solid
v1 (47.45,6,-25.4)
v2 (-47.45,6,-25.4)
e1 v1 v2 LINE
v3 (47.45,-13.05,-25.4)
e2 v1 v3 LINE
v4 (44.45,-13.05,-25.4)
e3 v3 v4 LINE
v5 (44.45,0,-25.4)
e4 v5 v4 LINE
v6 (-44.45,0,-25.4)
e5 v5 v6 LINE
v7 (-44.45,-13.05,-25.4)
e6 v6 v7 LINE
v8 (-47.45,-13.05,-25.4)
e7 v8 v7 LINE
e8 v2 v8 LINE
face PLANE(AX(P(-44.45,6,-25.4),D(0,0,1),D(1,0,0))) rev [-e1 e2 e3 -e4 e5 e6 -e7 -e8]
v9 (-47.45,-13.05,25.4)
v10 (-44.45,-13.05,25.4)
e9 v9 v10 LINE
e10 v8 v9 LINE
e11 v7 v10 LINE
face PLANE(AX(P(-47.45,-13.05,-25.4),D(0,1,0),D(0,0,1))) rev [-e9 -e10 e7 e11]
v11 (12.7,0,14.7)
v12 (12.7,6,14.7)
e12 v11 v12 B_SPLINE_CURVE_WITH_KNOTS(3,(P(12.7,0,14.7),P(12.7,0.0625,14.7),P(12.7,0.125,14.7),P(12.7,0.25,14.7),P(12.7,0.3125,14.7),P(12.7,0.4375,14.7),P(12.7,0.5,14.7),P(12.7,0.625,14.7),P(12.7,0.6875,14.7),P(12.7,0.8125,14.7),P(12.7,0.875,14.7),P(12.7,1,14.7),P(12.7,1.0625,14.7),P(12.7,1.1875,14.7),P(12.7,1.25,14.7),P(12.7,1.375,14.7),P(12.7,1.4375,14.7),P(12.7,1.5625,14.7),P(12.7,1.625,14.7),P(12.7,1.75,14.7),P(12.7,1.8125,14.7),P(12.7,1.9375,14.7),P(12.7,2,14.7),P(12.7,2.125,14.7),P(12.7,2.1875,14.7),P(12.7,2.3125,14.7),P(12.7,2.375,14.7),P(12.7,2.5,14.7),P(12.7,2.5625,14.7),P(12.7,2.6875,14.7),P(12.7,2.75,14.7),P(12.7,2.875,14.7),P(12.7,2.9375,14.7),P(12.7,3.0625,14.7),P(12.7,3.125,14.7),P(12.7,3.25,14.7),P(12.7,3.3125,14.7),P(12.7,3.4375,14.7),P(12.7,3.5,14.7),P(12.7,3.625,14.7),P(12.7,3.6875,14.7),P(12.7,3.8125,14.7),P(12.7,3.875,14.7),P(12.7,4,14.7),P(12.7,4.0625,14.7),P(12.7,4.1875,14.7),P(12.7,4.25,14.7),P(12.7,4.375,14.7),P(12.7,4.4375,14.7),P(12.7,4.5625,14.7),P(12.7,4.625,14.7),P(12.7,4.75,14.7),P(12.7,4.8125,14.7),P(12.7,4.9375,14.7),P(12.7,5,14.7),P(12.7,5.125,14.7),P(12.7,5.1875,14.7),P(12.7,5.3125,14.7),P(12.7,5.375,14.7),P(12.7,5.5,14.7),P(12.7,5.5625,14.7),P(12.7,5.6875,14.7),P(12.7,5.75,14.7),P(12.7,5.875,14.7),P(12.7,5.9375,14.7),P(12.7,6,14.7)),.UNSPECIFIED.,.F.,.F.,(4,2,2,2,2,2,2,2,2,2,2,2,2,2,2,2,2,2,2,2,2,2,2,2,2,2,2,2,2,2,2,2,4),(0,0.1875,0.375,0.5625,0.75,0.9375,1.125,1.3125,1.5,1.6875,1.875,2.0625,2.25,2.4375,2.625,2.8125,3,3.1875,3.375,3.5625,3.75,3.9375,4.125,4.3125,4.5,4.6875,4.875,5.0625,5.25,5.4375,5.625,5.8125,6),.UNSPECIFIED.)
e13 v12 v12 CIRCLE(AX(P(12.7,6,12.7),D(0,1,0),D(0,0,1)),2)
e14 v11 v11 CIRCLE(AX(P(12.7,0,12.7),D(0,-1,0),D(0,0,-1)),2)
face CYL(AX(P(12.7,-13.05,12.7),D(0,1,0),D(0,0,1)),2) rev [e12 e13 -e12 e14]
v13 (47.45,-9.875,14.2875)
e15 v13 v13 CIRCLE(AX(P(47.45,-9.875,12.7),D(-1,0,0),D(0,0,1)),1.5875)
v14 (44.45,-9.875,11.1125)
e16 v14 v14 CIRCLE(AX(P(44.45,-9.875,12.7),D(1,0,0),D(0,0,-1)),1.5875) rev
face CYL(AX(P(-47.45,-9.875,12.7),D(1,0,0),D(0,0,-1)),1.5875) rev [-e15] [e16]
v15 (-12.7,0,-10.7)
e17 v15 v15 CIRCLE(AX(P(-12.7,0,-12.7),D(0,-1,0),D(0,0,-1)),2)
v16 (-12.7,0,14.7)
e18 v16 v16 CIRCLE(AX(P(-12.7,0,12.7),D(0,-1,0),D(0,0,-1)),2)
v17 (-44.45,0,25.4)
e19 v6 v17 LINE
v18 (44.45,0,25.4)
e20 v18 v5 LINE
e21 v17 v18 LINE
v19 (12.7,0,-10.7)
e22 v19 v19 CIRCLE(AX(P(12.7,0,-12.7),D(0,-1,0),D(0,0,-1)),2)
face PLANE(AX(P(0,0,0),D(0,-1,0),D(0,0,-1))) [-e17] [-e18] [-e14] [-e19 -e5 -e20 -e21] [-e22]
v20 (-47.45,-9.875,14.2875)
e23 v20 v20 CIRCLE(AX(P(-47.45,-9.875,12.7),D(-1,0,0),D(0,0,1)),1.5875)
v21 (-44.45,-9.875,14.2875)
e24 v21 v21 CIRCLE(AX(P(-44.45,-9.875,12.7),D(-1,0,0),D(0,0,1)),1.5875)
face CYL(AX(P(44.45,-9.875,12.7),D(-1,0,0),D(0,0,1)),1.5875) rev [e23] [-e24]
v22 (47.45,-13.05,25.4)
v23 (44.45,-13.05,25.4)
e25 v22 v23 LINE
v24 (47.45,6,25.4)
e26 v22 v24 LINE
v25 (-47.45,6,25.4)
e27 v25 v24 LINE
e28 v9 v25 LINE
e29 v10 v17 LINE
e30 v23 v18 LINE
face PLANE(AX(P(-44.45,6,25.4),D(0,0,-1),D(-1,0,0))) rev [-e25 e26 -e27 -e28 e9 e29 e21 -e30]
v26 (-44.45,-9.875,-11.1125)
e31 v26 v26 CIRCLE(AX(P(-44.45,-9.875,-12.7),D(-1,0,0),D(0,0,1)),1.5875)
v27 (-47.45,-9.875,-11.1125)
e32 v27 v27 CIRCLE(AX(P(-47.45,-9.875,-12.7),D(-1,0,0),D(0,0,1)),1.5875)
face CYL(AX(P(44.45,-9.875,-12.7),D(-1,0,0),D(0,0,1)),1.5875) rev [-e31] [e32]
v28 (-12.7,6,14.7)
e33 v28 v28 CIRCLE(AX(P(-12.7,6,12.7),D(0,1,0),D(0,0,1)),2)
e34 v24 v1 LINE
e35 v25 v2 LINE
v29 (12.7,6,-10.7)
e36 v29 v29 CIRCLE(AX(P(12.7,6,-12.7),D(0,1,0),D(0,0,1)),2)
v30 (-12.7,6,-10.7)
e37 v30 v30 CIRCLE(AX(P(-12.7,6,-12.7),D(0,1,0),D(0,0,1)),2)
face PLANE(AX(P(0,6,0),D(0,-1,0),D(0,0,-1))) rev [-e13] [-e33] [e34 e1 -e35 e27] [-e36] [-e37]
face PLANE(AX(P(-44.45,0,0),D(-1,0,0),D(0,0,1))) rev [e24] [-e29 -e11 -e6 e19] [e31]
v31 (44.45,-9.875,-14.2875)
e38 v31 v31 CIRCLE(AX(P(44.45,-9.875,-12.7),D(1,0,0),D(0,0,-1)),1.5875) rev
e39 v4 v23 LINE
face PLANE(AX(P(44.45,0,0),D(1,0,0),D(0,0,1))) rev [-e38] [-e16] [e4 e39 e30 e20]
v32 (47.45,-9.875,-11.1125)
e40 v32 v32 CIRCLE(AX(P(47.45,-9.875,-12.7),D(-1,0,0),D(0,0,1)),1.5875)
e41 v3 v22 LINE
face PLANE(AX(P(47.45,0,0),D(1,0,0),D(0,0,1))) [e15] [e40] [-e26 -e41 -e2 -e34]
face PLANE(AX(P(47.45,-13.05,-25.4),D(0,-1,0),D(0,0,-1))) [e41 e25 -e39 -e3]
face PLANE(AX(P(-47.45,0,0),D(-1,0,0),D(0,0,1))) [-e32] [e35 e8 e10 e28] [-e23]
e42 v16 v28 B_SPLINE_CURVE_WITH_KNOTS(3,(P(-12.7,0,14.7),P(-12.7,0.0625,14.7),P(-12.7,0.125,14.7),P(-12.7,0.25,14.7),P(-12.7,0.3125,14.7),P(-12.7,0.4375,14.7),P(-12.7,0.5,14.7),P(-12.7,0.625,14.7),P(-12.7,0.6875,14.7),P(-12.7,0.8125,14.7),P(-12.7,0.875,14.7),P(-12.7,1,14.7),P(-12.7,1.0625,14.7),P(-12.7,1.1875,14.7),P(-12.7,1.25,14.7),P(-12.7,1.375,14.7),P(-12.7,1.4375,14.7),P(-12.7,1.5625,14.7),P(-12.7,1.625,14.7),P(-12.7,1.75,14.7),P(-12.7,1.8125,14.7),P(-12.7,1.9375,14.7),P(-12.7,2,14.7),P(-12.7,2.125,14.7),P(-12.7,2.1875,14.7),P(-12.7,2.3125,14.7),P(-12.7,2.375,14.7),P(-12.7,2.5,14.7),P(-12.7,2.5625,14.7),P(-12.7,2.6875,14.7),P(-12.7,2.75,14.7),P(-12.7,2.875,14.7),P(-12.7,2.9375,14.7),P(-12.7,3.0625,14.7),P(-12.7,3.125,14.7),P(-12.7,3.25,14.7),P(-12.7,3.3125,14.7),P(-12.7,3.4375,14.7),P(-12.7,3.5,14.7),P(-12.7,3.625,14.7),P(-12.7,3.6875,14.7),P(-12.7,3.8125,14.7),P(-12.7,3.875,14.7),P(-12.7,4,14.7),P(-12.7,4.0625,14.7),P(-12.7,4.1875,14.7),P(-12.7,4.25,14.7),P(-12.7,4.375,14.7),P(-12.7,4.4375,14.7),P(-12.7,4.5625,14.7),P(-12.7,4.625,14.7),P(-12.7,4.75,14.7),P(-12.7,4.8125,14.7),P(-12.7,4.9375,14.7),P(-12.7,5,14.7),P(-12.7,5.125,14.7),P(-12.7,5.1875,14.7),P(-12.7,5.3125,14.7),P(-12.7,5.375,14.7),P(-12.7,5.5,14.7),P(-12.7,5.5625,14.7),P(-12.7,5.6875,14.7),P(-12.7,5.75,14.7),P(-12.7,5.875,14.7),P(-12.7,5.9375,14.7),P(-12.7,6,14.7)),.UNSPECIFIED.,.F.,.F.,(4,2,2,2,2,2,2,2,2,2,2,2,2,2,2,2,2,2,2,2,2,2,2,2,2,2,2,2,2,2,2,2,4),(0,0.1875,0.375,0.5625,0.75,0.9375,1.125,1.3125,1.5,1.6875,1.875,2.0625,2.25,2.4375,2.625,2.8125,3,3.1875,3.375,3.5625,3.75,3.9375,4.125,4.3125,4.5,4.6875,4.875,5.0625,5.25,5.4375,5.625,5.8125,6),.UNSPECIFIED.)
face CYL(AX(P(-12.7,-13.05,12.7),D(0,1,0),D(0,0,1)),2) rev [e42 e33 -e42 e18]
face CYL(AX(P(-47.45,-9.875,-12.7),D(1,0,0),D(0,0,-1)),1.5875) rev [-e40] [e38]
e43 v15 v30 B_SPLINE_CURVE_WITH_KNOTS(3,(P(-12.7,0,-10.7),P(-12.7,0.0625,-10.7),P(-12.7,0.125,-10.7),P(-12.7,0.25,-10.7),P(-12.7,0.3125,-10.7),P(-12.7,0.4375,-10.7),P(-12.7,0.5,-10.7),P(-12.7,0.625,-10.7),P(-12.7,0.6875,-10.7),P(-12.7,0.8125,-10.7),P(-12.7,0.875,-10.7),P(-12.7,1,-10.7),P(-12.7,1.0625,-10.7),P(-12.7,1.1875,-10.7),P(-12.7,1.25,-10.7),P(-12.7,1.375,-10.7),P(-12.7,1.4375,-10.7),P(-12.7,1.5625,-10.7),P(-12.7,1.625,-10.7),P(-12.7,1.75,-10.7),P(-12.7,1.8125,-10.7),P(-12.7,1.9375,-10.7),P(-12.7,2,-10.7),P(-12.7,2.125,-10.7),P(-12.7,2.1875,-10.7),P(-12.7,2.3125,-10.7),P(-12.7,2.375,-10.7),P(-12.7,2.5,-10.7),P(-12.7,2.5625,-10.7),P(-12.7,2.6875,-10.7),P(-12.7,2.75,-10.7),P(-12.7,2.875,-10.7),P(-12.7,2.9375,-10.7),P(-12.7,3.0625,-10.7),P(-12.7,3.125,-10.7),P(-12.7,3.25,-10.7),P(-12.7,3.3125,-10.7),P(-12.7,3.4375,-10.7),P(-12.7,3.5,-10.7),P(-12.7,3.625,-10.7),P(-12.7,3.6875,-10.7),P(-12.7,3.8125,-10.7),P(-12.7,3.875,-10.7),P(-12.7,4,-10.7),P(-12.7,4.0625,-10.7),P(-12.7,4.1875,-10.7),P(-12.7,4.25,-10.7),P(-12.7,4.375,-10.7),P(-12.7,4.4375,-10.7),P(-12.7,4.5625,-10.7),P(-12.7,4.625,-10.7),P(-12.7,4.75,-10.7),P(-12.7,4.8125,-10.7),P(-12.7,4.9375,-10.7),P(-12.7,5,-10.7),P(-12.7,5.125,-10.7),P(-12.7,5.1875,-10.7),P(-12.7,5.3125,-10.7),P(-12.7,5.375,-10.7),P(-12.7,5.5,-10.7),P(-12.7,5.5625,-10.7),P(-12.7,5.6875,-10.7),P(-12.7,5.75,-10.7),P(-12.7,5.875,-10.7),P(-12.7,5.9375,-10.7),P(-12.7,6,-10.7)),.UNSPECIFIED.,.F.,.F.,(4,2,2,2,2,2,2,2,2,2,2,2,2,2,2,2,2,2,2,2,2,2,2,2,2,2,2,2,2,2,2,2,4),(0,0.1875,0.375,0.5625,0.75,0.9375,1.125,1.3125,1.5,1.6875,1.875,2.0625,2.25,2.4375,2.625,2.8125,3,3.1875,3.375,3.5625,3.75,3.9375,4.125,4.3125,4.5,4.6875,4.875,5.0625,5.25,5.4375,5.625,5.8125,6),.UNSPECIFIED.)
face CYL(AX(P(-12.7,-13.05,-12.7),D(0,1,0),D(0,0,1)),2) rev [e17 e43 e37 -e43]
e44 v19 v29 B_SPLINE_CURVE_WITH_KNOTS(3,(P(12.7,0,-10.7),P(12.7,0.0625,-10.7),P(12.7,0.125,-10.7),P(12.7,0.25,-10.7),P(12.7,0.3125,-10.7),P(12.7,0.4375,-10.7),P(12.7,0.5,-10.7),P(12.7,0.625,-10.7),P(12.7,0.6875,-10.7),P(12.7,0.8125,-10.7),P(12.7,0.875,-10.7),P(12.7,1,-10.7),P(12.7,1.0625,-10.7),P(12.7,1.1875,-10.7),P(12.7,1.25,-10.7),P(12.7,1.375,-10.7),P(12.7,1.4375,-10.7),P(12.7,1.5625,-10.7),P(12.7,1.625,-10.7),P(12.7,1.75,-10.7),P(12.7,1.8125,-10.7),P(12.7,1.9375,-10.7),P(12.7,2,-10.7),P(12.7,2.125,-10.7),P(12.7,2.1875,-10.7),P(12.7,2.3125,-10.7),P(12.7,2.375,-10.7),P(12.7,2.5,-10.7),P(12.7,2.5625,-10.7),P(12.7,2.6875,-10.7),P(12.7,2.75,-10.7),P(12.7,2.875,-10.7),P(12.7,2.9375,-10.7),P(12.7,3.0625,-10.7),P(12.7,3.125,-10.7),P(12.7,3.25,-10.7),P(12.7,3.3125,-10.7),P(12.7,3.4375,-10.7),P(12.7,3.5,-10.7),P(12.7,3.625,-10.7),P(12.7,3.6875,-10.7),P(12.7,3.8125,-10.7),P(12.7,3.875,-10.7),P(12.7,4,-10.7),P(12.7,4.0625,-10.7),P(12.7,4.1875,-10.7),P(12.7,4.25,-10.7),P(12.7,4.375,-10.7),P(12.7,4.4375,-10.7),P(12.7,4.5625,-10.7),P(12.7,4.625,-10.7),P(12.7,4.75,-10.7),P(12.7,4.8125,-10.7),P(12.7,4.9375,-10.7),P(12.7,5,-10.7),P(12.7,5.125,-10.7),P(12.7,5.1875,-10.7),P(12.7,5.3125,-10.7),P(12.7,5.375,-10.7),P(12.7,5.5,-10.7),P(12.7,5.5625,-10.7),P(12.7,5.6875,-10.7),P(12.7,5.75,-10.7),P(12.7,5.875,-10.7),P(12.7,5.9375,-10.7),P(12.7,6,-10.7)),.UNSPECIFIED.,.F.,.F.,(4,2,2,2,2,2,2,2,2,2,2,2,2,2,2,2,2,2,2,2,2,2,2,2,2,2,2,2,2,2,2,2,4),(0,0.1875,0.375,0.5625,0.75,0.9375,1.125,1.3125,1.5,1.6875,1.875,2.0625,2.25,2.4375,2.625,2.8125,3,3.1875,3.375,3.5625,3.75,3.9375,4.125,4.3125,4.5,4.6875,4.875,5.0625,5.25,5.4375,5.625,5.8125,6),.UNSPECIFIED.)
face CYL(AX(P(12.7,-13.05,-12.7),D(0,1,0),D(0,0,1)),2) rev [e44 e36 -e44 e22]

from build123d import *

# Parameters (mm, degrees)
SKETCH1_W           = 88.9
SKETCH1_H           = 50.8
BOSS_EXTRUDE1_DEPTH = 6
SKETCH2_W           = 50.8
SKETCH2_H           = 19.05
BOSS_EXTRUDE2_DEPTH = 3
SKETCH3_R           = 1.5875
CUT_EXTRUDE1_DEPTH  = 97.234466279
SKETCH4_R           = 2
CUT_EXTRUDE2_DEPTH  = 58.092600221


with BuildPart() as part:
    # Sketch1 → Boss-Extrude1 (new body)
    with BuildSketch(Plane(origin=(0, 0, 0), x_dir=(1, 0, 0), z_dir=(0, 1, 0))):
        Rectangle(SKETCH1_W, SKETCH1_H)
    extrude(amount=BOSS_EXTRUDE1_DEPTH)

    # Sketch2 → Boss-Extrude2 (add)
    with BuildSketch(Plane.ZY.offset(44.45)):
        with Locations((0, -3.525)):
            Rectangle(SKETCH2_W, SKETCH2_H)
    boss_extrude2 = extrude(amount=BOSS_EXTRUDE2_DEPTH)

    # Sketch3 → Cut-Extrude1 (cut, through all)
    with BuildSketch(Plane.ZY.offset(47.45)):
        with Locations((-12.7, -9.875)):
            Circle(SKETCH3_R)
        with Locations((12.7, -9.875)):
            Circle(SKETCH3_R)
    cut_extrude1 = extrude(amount=-CUT_EXTRUDE1_DEPTH, mode=Mode.SUBTRACT)

    # Mirror1: Boss-Extrude2, Cut-Extrude1 across plane
    add(boss_extrude2.mirror(Plane(origin=(0, 0, 0), x_dir=(0, 0, 1), z_dir=(1, 0, 0))))
    add(cut_extrude1.mirror(Plane(origin=(0, 0, 0), x_dir=(0, 0, 1), z_dir=(1, 0, 0))), mode=Mode.SUBTRACT)

    # Sketch4 → Cut-Extrude2 (cut, through all)
    with BuildSketch(Plane(origin=(0, 6, 0), x_dir=(1, 0, 0), z_dir=(0, 1, 0))):
        with Locations(Location((-12.7, 12.7, 0), (0, 0, 270))):
            Circle(SKETCH4_R)
        with Locations(Location((12.7, 12.7, 0), (0, 0, 270))):
            Circle(SKETCH4_R)
        with Locations(Location((-12.7, -12.7, 0), (0, 0, 270))):
            Circle(SKETCH4_R)
        with Locations(Location((12.7, -12.7, 0), (0, 0, 270))):
            Circle(SKETCH4_R)
    extrude(amount=-CUT_EXTRUDE2_DEPTH, mode=Mode.SUBTRACT)


solid = part.part
